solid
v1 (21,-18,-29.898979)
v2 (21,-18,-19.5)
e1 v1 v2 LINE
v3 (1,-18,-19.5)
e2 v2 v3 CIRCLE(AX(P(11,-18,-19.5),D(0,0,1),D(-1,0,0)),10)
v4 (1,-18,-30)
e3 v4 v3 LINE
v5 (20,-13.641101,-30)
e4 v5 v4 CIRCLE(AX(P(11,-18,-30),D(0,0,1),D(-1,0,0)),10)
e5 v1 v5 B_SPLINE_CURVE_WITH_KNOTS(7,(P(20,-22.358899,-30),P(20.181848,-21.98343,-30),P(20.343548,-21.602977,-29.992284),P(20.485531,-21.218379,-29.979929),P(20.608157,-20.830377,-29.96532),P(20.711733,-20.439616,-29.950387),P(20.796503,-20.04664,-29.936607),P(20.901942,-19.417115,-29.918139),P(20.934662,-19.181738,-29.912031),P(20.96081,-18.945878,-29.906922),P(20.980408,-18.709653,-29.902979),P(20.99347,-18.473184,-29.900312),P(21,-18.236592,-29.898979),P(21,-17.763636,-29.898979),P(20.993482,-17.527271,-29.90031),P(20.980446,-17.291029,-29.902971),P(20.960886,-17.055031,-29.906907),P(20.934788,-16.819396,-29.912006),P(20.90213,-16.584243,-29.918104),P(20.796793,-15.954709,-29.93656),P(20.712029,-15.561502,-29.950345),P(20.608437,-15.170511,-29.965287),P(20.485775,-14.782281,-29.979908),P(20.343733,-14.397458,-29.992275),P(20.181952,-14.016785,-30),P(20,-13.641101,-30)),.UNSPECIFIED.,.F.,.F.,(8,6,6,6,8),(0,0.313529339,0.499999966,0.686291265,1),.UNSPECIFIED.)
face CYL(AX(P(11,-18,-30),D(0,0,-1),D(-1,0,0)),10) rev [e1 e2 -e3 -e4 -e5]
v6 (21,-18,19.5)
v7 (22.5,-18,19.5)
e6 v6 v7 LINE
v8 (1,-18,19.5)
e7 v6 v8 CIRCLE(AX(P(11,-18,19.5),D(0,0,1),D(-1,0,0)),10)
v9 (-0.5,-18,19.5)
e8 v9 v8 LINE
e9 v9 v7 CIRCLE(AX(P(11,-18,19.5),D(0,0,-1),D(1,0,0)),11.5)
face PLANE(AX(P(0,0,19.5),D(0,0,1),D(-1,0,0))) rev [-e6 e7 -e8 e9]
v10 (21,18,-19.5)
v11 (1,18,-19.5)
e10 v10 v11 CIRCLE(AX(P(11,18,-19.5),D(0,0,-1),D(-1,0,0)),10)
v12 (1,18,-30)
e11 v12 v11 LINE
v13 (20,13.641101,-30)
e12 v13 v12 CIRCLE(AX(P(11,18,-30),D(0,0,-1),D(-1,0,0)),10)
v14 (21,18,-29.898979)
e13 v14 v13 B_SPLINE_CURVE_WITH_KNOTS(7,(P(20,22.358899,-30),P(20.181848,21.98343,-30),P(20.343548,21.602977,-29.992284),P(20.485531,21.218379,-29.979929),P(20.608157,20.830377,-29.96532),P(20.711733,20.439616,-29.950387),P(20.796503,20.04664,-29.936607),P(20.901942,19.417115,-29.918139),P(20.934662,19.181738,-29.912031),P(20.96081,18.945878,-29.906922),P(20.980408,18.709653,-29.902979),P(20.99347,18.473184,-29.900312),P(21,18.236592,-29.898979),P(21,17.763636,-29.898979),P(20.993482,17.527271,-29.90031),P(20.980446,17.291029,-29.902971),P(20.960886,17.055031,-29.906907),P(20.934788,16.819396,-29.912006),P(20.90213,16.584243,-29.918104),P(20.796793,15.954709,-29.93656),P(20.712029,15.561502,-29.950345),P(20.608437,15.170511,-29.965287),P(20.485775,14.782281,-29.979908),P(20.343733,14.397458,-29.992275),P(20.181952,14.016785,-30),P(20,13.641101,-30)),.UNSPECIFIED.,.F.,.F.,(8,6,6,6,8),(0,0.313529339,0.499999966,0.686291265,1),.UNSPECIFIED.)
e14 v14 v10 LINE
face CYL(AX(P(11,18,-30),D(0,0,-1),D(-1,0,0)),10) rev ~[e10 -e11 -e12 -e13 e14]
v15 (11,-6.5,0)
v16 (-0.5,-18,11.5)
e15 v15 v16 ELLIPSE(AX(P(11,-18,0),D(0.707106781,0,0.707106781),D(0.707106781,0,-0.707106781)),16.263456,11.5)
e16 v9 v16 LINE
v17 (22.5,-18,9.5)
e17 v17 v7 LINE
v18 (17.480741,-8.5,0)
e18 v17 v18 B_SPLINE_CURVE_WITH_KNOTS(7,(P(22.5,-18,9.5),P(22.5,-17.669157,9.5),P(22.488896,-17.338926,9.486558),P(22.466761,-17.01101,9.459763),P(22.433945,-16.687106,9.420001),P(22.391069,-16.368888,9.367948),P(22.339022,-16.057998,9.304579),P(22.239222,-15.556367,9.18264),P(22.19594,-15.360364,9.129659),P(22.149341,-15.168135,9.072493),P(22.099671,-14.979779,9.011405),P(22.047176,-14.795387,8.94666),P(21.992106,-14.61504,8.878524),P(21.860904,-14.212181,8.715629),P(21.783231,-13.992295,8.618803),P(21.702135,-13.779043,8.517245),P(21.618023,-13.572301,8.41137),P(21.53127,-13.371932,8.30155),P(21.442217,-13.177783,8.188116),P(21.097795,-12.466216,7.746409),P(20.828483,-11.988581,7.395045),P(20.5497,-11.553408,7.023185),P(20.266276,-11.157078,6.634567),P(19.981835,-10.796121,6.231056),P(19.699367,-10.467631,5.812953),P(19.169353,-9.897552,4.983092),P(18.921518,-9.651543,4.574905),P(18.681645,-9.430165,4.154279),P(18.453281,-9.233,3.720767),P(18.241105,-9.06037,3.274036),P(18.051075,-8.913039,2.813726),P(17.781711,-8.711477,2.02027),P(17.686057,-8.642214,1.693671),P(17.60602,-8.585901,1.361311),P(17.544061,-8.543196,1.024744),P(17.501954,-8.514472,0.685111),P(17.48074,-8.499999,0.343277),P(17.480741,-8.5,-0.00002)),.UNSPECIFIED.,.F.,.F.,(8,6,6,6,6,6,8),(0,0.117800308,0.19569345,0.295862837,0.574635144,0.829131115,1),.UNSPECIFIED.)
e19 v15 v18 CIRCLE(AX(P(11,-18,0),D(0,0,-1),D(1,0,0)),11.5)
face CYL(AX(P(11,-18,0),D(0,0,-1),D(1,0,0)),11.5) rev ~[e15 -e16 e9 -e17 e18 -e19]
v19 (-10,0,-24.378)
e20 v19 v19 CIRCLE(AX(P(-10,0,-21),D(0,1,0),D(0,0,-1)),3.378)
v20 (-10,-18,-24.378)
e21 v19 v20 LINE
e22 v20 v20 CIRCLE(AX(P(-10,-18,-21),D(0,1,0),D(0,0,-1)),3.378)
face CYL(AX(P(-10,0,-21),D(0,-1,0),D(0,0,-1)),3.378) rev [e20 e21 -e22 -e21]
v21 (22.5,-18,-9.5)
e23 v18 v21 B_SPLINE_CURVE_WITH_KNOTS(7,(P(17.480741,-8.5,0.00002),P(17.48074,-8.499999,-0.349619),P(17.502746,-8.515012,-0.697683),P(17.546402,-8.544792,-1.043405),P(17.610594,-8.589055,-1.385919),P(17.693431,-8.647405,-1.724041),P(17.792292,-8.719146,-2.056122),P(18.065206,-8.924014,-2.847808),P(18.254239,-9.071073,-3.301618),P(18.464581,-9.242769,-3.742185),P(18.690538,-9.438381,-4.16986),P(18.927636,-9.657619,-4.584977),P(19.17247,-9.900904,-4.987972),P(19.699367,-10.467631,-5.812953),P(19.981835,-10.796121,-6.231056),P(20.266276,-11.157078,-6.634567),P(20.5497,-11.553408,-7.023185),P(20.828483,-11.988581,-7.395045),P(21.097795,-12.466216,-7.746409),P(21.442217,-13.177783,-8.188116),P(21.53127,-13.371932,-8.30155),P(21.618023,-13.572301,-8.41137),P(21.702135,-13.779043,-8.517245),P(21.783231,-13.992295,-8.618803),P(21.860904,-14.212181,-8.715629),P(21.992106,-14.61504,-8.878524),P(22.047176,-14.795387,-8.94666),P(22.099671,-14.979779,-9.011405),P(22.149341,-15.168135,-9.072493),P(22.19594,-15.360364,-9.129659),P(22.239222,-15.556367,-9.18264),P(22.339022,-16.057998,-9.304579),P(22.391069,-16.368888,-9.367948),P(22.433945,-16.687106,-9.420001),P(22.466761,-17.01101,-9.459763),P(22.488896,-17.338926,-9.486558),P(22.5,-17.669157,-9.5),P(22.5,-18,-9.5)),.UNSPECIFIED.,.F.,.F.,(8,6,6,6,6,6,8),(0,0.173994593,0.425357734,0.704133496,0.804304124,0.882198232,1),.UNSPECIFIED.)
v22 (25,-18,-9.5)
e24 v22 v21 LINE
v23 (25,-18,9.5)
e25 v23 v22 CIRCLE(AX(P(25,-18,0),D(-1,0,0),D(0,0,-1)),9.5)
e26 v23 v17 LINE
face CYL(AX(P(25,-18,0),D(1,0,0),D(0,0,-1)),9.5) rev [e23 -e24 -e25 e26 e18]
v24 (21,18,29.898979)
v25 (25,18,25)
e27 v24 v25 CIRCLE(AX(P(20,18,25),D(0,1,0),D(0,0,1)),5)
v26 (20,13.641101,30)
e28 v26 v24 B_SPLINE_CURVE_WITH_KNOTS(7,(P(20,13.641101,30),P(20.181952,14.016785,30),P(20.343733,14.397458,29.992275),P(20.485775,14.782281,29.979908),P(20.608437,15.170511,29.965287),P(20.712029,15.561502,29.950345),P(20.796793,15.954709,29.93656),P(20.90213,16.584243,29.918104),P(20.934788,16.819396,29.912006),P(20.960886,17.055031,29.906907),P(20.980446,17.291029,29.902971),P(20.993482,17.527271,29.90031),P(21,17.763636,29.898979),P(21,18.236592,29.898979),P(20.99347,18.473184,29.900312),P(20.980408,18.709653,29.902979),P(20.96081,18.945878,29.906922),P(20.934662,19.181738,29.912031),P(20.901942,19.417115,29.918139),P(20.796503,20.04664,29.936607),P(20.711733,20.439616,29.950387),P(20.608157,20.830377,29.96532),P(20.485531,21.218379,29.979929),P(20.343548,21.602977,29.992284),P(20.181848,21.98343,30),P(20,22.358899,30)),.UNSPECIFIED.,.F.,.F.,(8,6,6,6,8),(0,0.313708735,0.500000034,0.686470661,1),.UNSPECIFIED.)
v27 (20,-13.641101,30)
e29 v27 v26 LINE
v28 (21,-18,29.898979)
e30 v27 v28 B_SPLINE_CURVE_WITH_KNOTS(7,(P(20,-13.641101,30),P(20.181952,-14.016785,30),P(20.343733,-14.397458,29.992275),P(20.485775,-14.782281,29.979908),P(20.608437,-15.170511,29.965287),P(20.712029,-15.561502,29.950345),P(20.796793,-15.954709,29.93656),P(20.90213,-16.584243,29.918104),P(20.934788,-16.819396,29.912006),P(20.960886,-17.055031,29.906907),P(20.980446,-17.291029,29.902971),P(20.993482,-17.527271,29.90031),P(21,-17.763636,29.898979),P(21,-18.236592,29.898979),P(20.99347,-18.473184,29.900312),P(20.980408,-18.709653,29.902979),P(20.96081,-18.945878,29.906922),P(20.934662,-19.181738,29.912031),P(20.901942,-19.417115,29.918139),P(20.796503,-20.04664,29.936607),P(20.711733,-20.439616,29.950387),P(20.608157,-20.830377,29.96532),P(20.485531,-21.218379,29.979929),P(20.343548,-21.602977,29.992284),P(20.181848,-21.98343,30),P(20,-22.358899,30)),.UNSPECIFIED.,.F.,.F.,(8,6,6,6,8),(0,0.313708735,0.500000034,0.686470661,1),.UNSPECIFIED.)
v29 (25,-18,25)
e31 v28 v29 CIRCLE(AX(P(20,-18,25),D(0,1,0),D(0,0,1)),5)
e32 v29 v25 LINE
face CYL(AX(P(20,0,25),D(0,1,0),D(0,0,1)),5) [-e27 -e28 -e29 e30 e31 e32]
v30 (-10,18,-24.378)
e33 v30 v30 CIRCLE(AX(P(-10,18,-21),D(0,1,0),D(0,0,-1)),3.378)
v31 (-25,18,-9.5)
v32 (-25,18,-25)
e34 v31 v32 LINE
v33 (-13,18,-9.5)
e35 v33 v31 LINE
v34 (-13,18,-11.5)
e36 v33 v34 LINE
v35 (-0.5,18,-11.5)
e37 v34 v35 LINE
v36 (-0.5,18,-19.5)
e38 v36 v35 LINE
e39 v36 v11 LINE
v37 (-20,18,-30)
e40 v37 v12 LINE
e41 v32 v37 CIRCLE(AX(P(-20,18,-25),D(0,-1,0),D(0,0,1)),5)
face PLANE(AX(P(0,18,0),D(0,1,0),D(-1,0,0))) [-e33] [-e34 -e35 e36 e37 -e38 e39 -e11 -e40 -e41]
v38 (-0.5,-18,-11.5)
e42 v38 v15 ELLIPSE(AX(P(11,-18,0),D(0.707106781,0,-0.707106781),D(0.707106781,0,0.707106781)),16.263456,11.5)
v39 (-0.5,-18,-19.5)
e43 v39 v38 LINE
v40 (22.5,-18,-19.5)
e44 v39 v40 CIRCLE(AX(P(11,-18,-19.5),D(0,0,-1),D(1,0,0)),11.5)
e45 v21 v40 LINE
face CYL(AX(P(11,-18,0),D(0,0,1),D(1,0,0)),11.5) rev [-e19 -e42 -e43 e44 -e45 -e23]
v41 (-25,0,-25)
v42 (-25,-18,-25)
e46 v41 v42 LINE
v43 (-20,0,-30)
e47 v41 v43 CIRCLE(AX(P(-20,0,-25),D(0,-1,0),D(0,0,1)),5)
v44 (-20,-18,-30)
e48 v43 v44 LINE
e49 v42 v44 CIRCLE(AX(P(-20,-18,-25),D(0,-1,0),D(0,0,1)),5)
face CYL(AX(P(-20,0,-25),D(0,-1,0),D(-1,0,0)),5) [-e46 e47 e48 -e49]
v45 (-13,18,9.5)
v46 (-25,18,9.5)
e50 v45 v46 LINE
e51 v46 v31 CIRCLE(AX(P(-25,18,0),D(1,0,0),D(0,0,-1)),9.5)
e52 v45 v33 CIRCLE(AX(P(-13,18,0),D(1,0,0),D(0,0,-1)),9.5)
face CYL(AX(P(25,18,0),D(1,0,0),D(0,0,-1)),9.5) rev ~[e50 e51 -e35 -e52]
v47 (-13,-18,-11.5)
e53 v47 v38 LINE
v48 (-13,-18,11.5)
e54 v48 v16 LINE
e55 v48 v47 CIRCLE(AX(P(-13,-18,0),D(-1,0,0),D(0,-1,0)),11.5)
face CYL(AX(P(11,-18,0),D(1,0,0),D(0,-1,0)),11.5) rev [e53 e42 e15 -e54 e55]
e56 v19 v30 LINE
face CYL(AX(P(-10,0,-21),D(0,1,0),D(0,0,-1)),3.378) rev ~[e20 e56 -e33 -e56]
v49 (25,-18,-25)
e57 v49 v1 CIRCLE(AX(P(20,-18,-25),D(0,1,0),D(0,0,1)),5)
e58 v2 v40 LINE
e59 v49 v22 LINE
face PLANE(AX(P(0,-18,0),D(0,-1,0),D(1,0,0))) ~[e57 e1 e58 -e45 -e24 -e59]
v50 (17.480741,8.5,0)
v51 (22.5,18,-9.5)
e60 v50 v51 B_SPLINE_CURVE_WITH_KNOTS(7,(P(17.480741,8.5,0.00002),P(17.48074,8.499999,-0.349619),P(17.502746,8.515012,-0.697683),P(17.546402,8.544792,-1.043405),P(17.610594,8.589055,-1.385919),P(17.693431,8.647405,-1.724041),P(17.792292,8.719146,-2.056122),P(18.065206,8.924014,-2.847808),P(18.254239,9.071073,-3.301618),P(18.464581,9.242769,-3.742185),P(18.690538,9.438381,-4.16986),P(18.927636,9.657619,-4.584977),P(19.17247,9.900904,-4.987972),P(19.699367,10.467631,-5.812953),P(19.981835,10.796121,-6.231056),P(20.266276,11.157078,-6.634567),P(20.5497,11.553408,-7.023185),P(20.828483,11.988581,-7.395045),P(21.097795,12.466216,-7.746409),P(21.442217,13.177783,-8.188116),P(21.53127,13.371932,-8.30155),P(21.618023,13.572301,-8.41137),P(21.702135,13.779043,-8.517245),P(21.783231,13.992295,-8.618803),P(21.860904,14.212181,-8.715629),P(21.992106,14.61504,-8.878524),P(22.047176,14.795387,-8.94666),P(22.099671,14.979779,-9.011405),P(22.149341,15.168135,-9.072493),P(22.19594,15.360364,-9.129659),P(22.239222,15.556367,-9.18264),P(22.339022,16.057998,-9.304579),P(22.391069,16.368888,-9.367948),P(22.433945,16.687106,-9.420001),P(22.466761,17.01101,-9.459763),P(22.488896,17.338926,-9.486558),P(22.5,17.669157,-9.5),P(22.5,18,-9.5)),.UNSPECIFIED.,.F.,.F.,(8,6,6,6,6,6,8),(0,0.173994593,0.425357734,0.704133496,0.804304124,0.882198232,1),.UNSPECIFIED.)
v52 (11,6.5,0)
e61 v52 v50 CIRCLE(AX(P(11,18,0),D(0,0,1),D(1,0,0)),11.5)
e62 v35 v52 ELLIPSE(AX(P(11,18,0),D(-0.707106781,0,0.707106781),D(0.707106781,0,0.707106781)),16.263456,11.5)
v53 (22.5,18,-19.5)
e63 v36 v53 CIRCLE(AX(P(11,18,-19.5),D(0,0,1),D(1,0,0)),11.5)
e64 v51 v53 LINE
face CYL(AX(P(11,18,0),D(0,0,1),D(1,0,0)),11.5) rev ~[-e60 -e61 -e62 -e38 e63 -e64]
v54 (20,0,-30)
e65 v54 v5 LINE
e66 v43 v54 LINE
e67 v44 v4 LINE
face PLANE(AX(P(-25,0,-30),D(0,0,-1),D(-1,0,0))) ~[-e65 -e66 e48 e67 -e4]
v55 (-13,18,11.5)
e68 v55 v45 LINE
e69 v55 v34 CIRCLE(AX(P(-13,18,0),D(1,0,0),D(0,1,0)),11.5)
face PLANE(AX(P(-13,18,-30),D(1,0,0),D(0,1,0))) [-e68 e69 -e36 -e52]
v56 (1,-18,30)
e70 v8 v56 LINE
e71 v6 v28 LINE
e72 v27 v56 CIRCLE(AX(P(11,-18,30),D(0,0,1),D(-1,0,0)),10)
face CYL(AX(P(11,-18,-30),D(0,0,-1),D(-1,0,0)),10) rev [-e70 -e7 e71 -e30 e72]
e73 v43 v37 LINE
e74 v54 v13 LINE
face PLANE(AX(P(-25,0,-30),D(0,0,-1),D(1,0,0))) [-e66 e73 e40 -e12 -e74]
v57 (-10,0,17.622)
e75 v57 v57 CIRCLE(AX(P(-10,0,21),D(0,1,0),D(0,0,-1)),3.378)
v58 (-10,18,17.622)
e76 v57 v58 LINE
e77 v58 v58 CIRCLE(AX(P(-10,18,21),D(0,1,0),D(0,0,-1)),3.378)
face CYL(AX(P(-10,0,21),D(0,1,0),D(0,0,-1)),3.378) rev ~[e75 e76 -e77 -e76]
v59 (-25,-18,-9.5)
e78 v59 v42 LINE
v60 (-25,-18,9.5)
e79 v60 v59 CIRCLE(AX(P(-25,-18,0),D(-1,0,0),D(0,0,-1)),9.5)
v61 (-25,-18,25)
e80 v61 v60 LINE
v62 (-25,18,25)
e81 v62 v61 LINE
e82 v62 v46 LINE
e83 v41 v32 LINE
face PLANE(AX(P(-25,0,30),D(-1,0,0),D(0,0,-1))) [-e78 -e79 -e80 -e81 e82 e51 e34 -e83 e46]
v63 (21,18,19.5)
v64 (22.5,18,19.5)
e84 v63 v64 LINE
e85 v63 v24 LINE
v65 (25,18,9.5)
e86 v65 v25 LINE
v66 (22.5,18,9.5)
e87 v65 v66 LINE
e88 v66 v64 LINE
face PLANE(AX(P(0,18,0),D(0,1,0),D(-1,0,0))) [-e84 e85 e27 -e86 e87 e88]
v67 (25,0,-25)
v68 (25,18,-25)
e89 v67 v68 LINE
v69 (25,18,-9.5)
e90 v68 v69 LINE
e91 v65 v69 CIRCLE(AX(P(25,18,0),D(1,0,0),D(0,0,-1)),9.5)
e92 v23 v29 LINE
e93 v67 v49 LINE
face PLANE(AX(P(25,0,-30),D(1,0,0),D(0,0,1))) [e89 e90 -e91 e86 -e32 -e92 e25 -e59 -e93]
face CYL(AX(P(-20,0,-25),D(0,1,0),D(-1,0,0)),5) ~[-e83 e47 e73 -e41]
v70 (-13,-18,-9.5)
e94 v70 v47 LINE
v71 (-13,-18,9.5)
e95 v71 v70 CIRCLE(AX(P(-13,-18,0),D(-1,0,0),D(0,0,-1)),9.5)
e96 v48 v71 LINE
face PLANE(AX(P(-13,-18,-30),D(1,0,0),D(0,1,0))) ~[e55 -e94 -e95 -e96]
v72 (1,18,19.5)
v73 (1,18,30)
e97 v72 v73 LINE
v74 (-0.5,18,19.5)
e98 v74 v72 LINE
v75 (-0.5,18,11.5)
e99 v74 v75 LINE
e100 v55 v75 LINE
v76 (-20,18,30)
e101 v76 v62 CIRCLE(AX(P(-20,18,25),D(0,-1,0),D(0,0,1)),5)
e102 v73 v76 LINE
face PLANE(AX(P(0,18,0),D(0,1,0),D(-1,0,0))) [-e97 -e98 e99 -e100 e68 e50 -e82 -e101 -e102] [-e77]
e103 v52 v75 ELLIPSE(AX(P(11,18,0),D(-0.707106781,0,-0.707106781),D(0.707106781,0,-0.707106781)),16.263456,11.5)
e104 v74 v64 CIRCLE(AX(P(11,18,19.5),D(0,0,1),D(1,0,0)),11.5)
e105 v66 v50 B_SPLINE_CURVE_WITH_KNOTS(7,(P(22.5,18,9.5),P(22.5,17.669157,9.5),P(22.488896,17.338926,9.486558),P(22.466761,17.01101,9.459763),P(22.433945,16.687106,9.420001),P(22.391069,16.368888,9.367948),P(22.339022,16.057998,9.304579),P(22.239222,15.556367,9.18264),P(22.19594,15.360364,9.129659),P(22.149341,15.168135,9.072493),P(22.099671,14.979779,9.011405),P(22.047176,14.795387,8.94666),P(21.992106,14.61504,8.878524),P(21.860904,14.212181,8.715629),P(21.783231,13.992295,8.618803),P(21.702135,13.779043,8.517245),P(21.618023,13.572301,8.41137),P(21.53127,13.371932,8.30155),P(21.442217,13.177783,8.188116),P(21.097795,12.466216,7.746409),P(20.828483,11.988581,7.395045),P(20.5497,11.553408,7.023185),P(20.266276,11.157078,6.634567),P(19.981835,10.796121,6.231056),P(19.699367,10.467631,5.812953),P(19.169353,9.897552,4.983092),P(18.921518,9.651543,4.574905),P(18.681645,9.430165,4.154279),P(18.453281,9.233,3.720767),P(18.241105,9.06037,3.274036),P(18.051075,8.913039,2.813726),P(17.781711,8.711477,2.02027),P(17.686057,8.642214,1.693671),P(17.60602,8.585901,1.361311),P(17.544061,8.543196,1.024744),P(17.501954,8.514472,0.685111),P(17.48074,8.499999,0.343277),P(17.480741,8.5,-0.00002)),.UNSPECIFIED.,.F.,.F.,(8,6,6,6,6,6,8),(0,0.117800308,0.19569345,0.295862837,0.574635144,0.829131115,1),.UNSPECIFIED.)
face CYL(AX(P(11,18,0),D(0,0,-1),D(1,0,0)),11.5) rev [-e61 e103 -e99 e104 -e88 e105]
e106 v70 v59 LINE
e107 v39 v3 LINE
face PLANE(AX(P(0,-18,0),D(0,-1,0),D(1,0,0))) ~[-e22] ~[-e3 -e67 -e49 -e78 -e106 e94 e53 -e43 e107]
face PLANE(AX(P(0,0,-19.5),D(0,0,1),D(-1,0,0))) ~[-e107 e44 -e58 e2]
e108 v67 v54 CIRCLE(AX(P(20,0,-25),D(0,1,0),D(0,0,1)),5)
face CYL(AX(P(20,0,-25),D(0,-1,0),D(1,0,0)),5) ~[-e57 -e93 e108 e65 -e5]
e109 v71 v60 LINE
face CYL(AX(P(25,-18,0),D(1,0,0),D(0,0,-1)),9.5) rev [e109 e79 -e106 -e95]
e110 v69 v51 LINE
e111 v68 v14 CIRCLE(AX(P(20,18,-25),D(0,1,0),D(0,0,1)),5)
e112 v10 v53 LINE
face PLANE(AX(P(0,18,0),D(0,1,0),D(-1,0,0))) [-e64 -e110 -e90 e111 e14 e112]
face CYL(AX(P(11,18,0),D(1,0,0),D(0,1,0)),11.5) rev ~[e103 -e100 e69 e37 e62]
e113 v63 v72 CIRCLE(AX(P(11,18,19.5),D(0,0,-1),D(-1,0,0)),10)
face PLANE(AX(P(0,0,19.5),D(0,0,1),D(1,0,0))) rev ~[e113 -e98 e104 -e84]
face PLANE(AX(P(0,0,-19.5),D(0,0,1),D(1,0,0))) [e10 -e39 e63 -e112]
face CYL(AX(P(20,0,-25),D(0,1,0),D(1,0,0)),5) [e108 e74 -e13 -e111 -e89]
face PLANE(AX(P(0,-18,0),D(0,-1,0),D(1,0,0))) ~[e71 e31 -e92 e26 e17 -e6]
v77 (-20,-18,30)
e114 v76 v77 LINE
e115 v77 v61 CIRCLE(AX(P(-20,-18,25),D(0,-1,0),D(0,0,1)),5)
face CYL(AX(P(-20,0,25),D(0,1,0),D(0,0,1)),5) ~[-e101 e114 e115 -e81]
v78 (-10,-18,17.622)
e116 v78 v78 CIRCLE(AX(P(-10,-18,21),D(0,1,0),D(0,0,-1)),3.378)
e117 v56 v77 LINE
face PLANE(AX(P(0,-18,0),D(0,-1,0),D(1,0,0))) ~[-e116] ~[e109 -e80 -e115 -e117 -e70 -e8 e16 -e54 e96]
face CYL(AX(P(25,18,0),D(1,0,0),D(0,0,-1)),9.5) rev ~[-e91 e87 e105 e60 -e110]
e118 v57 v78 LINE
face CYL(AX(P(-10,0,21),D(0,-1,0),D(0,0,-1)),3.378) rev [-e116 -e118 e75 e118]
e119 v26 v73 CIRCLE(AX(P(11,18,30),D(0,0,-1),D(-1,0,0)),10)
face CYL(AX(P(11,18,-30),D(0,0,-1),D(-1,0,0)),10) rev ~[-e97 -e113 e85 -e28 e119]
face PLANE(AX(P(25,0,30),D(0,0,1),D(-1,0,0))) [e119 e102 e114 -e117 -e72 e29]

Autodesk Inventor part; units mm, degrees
ref_plane "XZ Plane" through (0, 0, 0) normal (0, 1, 0) x (-1, 0, 0)
ref_plane "XY Plane" through (0, 0, 0) normal (0, 0, 1) x (1, 0, 0)
sketch "Sketch1" plane through (0, 0, 0) normal (0, 1, 0) x (-1, 0, 0)
  line L0 (-25, 30) -> (25, 30)
  line L1 (25, 30) -> (25, -30)
  line L2 (25, -30) -> (-25, -30)
  line L3 (-25, -30) -> (-25, 30)
  line L4 (-25, 30) -> (25, -30) construction
  line L5 (25, 30) -> (-25, -30) construction
  point P0 (0, 0)
  dimension "d0" = 50
  dimension "d1" = 60
extrude "Extrusion1" add sketch "Sketch1" along normal blind 18
sketch "Sketch2" plane through (25, 0, 30) normal (1, 0, 0) x (0, 0, -1)
  line L0 (60, 18) -> (0, 18) projected
  circle A0 centre (30, 18) radius 9.5
  point P0 (30, 0)
  point P1 (20.5, 18)
  point P2 (39.5, 18)
  dimension "d4" = 19
extrude "Extrusion2" cut sketch "Sketch2" against normal through all contours A0 L0 picked at (28.8771, 15.0391)
sketch "Sketch3" plane through (25, 0, -30) normal (0, 0, -1) x (-1, 0, 0)
  line L0 (0, 18) -> (50, 18) projected
  circle A0 centre (14, 18) radius 10
  point P0 (25, 0)
  point P1 (24, 18)
  point P2 (4, 18)
  dimension "d7" = 20
  dimension "d8" = 14
extrude "Extrusion3" cut sketch "Sketch3" against normal through all contours L0 A0 picked at (12.1065, 15.2567)
sketch "Sketch4" plane through (0, 0, 0) normal (0, 0, 1) x (1, 0, 0)
  arc A0 (1, 18) -> (21, 18) centre (11, 18) ccw projected
  circle A1 centre (11, 18) radius 11.5
  point P0 (0, 0)
  dimension "d11" = 23
extrude "Extrusion4" cut sketch "Sketch4" along normal mid plane 39
ref_plane "Work Plane2" through (11, 18, -30) normal (1, 0, 0) x (0, 1, 0)
sketch "Sketch5" plane through (11, 18, -30) normal (1, 0, 0) x (0, 1, 0)
  arc A0 (0, 39.5) -> (0, 20.5) centre (0, 30) ccw projected
  circle A1 centre (0, 30) radius 11.5
  point P0 (-18, 30)
  dimension "d14" = 23
extrude "Extrusion5" cut sketch "Sketch5" against normal blind 24
sketch "Sketch7" plane through (0, 0, 0) normal (0, -1, 0) x (1, 0, 0)
  line L0 (25, -30) -> (-25, -30) projected
  line L1 (-25, 30) -> (25, 30) projected
  line L2 (-25, -30) -> (-25, 30) projected
  point P0 (0, 0)
  point P1 (-10, -21)
  point P2 (-10, 21)
  dimension "d28" = 9
  dimension "d29" = 9
  dimension "d30" = 15
hole "Hole2" at (-10, 0, -21) at (-10, 0, 21) direction (0, 1, 0) diameter 6.756 end through all clearance for "Socket Head Cap Screw" size "1/4" standard "Ansi Unified Screw Threads"
fillet "Fillet1" radius 5 4 edges at (-25, 9, -30) (-25, 9, 30) (25, 9, 30) (25, 9, -30)
mirror "Mirror1" about plane through (0, 0, 0) normal (0, -1, 0)
equation "\"d28\" = d29"
properties part number "Valve Block Middle"
